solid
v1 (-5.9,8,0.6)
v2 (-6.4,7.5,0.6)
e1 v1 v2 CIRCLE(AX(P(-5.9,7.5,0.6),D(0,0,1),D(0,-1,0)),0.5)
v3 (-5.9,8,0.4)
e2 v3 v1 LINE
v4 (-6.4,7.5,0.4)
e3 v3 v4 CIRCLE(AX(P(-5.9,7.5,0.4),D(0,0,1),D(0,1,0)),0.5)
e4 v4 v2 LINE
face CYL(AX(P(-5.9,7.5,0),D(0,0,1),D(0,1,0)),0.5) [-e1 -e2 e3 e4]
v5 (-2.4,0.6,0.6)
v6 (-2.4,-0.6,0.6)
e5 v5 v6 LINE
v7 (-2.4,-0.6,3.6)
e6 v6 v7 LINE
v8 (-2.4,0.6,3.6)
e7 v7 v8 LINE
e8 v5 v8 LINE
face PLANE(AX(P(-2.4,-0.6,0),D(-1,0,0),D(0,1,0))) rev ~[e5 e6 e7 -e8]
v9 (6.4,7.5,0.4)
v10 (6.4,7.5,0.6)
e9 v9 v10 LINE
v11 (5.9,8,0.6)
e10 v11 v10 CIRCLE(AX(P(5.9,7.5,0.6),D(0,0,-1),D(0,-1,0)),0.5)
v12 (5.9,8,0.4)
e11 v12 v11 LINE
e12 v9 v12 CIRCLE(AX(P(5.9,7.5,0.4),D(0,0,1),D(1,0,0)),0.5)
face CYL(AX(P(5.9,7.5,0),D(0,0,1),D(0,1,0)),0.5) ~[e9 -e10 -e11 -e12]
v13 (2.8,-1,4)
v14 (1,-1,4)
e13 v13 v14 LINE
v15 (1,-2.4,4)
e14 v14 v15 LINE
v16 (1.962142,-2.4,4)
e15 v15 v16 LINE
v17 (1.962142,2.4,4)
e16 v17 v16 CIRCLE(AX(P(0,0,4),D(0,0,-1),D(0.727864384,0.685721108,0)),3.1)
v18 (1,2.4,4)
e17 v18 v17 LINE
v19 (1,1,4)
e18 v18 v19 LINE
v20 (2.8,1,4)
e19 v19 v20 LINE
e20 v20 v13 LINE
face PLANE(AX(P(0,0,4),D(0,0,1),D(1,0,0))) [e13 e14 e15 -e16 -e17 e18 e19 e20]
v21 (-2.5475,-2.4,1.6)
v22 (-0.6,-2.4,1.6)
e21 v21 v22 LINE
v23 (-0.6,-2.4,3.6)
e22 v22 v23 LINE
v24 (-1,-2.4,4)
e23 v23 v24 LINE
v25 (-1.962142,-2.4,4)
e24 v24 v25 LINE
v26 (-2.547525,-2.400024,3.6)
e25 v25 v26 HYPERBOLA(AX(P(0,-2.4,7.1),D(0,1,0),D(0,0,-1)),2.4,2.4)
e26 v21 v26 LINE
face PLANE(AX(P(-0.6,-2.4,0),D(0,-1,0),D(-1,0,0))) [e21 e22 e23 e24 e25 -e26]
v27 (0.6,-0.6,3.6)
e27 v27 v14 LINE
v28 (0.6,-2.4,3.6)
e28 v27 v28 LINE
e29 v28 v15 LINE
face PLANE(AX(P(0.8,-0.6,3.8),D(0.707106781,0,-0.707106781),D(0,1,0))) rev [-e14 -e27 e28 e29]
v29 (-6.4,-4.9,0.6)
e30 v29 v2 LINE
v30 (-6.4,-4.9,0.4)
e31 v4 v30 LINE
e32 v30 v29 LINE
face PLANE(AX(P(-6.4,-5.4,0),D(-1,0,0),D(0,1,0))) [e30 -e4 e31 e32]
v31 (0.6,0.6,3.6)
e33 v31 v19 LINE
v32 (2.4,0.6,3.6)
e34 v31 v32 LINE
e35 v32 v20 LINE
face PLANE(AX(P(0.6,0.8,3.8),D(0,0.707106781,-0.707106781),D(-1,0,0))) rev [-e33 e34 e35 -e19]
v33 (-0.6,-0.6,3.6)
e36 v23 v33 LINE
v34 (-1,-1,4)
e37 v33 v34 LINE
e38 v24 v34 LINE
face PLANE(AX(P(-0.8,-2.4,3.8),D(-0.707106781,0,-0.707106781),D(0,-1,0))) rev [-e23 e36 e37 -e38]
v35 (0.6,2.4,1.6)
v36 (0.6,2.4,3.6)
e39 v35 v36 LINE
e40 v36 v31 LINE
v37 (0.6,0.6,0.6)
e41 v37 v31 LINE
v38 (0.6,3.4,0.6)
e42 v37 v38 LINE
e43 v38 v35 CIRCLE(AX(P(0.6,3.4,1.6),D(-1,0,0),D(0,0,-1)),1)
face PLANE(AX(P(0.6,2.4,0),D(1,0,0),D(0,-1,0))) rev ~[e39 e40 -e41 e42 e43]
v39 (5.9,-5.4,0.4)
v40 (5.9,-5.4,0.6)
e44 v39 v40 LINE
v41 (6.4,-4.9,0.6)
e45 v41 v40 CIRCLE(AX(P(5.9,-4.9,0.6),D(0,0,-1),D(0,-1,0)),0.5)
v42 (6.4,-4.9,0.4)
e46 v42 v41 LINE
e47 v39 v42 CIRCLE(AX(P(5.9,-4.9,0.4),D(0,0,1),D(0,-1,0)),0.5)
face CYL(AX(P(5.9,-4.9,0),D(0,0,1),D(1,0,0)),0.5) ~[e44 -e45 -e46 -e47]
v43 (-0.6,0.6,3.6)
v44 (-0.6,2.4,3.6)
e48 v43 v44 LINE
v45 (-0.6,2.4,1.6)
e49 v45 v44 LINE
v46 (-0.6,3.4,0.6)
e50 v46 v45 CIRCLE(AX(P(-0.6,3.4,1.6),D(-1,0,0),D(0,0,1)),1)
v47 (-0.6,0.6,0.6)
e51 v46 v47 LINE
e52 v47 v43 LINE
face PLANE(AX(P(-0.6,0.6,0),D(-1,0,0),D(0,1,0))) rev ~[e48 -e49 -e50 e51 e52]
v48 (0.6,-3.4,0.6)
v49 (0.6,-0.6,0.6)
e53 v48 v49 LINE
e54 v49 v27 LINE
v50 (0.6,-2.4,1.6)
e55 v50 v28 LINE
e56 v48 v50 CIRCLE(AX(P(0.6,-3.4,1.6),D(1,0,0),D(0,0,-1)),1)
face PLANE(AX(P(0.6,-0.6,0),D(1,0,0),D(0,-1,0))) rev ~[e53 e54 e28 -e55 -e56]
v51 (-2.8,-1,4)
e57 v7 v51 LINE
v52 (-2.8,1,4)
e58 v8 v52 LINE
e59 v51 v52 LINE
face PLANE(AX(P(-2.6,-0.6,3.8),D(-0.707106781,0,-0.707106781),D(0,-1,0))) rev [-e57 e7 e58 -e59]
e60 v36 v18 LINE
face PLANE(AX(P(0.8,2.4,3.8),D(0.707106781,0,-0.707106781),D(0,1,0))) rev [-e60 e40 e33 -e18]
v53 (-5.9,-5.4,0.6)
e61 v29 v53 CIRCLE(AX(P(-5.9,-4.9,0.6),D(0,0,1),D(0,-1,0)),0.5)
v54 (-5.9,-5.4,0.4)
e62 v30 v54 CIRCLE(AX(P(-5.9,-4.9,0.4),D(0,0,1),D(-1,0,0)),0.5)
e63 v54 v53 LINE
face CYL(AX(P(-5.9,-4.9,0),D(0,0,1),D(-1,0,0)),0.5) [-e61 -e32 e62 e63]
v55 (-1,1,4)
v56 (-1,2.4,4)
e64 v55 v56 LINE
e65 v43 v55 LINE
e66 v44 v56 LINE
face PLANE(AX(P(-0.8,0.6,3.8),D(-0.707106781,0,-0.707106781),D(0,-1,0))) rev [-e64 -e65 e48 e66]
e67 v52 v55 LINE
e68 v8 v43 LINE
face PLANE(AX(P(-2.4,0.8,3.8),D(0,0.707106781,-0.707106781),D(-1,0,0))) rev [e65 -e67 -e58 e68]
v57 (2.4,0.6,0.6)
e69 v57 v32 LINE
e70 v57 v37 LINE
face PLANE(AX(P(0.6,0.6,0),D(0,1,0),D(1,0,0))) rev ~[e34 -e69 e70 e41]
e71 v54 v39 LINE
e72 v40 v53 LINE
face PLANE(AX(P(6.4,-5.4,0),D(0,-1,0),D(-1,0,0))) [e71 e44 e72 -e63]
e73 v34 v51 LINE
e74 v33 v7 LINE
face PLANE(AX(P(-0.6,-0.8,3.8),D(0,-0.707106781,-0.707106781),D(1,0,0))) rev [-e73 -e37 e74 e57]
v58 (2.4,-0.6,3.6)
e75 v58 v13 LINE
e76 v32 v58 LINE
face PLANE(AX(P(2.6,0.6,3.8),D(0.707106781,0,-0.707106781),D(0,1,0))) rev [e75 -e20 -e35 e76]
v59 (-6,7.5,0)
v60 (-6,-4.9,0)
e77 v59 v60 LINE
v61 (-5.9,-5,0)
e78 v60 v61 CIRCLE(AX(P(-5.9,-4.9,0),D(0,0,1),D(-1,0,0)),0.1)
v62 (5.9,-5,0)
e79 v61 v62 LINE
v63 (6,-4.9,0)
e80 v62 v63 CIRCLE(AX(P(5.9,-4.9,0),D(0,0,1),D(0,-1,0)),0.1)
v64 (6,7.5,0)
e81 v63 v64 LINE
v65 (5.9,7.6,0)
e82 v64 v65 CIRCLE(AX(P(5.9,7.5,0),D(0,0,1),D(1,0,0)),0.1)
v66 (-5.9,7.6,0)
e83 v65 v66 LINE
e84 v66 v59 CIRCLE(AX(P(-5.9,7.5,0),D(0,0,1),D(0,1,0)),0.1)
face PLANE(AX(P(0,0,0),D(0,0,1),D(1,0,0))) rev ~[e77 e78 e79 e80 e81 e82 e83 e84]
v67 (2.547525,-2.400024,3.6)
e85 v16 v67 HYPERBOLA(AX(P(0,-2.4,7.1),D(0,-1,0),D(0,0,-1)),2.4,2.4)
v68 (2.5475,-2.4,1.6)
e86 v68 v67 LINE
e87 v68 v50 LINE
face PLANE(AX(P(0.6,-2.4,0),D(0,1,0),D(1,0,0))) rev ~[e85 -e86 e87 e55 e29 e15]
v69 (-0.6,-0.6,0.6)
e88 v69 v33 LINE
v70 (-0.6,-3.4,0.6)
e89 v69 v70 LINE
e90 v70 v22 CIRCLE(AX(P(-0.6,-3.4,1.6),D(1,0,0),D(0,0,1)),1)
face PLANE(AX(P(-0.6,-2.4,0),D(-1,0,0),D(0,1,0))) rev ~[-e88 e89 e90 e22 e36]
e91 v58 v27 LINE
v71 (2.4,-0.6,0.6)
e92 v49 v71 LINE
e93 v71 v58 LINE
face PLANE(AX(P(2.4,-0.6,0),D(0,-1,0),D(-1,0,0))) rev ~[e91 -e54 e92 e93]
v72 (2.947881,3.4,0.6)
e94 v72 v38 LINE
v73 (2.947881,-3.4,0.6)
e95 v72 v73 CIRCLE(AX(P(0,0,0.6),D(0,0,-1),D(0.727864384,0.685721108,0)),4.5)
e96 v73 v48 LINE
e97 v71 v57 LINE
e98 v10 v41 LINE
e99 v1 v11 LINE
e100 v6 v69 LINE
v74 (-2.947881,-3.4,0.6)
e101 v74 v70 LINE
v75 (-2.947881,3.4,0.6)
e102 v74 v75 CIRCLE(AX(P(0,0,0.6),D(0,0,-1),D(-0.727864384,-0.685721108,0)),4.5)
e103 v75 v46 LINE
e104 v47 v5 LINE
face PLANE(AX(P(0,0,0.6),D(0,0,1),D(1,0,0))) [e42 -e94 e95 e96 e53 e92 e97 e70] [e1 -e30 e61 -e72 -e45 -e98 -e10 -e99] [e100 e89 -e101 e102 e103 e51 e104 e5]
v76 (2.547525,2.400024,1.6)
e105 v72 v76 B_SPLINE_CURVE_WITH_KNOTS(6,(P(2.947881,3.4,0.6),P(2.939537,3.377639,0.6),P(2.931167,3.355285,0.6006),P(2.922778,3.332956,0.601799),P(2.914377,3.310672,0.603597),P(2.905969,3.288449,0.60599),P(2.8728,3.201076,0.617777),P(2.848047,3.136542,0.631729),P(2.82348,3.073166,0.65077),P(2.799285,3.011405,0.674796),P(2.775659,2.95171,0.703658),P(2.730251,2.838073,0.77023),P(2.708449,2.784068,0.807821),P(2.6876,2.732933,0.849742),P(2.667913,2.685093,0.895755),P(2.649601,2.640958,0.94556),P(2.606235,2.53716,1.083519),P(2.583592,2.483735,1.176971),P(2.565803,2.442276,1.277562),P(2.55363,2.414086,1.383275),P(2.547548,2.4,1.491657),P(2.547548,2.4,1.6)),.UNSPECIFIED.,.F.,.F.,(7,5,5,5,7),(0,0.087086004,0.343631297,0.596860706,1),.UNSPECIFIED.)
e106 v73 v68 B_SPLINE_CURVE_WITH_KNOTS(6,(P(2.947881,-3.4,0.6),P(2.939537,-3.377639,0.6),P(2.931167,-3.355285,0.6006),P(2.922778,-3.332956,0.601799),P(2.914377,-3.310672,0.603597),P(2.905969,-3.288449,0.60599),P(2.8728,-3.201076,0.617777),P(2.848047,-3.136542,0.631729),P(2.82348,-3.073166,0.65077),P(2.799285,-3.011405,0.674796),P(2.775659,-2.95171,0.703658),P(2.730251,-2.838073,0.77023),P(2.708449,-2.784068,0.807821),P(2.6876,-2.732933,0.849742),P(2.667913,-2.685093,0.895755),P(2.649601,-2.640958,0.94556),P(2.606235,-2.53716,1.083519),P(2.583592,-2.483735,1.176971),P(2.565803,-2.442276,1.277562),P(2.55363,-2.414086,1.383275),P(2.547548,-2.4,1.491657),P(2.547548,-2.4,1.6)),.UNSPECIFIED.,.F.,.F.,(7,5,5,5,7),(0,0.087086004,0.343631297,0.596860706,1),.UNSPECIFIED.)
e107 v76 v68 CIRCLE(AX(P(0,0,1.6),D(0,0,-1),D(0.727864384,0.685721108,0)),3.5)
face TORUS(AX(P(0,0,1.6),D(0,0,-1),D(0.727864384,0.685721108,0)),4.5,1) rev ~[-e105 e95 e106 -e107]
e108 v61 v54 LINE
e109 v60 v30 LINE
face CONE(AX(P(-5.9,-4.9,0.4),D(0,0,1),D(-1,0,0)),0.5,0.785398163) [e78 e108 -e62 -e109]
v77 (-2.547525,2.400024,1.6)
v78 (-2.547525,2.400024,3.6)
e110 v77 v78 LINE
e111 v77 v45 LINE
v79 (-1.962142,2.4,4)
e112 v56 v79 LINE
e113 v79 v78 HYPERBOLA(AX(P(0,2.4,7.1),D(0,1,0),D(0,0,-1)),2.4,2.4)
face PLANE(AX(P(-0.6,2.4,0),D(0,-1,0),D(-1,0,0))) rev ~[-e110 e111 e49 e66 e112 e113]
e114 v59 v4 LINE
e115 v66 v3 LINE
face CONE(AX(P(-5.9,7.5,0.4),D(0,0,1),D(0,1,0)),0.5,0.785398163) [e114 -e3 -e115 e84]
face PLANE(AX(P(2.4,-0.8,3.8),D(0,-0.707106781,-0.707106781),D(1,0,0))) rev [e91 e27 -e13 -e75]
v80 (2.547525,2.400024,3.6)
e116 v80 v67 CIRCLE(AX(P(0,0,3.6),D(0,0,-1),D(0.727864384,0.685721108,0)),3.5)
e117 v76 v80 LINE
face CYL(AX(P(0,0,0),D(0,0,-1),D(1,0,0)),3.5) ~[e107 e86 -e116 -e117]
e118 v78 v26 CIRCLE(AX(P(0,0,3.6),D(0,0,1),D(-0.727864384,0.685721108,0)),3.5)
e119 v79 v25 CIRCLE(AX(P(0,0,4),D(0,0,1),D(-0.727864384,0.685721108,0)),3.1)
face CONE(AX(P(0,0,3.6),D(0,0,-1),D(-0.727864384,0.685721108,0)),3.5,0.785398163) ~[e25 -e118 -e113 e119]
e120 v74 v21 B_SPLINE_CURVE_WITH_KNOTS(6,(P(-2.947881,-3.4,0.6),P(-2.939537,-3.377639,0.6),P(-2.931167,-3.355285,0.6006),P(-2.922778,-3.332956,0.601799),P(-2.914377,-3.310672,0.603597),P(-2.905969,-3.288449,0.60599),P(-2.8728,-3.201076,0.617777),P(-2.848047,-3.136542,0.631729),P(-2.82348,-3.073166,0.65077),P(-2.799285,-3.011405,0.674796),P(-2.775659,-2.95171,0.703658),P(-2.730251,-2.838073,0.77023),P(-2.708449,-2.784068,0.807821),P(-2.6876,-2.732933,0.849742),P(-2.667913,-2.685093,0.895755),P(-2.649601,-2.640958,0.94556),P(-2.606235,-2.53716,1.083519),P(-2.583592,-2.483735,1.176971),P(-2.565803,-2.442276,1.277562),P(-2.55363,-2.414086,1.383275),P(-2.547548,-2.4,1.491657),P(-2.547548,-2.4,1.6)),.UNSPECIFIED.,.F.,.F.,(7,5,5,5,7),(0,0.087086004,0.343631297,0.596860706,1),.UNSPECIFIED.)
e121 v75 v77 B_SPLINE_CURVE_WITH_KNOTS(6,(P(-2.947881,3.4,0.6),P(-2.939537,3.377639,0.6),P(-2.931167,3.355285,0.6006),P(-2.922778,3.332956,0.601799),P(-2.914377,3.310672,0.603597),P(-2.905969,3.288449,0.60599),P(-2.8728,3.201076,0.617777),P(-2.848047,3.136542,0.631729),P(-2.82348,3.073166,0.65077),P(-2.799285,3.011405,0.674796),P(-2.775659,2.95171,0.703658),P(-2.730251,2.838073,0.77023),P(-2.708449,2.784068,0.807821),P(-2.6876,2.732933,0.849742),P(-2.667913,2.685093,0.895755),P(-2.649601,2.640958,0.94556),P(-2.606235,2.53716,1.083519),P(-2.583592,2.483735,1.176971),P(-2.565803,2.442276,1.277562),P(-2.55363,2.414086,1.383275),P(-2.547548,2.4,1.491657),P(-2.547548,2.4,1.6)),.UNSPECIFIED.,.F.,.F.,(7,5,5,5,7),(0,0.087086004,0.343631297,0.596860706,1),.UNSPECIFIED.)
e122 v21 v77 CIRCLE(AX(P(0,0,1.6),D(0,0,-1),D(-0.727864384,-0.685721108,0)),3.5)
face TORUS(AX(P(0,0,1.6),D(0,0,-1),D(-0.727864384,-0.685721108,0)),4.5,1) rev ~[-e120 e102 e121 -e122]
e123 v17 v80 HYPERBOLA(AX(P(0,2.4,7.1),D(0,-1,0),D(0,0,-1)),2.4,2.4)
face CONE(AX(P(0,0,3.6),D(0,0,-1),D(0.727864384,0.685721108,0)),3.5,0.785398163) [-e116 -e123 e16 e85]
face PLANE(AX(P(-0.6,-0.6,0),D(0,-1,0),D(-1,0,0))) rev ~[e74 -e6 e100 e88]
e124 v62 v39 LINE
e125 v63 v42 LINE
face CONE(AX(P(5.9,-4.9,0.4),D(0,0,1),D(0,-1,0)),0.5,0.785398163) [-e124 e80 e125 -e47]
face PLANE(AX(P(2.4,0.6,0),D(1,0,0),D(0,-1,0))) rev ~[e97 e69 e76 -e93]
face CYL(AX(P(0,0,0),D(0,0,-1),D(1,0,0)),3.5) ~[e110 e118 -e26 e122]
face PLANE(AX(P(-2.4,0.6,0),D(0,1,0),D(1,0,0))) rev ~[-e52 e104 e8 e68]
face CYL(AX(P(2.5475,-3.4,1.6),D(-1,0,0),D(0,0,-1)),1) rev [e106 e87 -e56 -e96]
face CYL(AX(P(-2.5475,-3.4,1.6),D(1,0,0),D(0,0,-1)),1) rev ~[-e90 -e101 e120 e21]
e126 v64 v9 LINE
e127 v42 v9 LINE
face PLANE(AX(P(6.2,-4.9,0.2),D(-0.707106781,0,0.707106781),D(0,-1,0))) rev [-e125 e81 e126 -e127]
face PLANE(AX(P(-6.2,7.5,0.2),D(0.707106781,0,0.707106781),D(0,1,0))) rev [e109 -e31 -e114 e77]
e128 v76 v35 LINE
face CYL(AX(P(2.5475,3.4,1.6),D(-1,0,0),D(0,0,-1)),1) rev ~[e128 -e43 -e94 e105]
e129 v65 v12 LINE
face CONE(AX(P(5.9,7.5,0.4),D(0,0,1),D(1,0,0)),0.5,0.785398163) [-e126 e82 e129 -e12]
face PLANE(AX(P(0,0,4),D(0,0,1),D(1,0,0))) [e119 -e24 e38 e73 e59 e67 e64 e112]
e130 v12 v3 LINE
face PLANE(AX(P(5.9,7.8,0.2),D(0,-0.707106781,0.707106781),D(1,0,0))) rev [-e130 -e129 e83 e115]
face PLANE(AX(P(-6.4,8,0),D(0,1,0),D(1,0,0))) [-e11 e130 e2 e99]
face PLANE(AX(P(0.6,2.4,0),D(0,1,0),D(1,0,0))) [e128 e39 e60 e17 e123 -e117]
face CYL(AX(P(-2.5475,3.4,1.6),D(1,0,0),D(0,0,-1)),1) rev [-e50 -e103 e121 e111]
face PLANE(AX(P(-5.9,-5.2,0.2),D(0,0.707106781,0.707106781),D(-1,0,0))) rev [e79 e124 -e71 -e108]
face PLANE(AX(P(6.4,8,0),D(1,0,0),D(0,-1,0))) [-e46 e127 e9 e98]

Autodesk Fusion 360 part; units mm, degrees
sketch "Sketch1" plane through (0, 0, 0) normal (0, 0, 1) x (1, 0, 0)
  line L0 (9, 9) -> (-9, 9) construction
  line L1 (-9, 9) -> (-9, -9) construction
  line L2 (-9, -9) -> (9, -9) construction
  line L3 (9, -9) -> (9, 9) construction
  line L4 (9, 9) -> (-9, -9) construction
  line L5 (-9, 9) -> (9, -9) construction
  line L6 (-6.4, 8) -> (6.4, 8)
  line L7 (6.4, 8) -> (6.4, -5.4)
  line L8 (6.4, -5.4) -> (-6.4, -5.4)
  line L9 (-6.4, -5.4) -> (-6.4, 8)
  circle A0 centre (0, 0) radius 3.5
  line L10 (2.4, -0.6) -> (-2.4, -0.6)
  line L11 (-2.4, -0.6) -> (-2.4, 0.6)
  line L12 (-2.4, 0.6) -> (2.4, 0.6)
  line L13 (2.4, 0.6) -> (2.4, -0.6)
  line L14 (2.4, -0.6) -> (-2.4, 0.6) construction
  line L15 (-2.4, -0.6) -> (2.4, 0.6) construction
  line L16 (0.6, -2.4) -> (-0.6, -2.4)
  line L17 (-0.6, -2.4) -> (-0.6, 2.4)
  line L18 (-0.6, 2.4) -> (0.6, 2.4)
  line L19 (0.6, 2.4) -> (0.6, -2.4)
  line L20 (0.6, -2.4) -> (-0.6, 2.4) construction
  line L21 (-0.6, -2.4) -> (0.6, 2.4) construction
  line L22 (-0.6, 2.4) -> (-2.5475, 2.4)
  line L23 (0.6, 2.4) -> (2.5475, 2.4)
  line L24 (-0.6, -2.4) -> (-2.5475, -2.4)
  line L25 (0.6, -2.4) -> (2.5475, -2.4)
  dimension "d1" = 18
  dimension "d2" = 18
  dimension "d3" = 3.6
  dimension "d4" = 1
  dimension "d5" = 2.6
  dimension "d6" = 2.6
  dimension "d7" = 7
  dimension "d8" = 4.8
  dimension "d9" = 1.2
  dimension "d10" = 1.2
  dimension "d11" = 4.8
extrude "Extrude1" add sketch "Sketch1" along normal blind 0.6 contours L6 L7 L8 L9 | A0 L10 L12 L13 L19 L23 L25 | A0 L18 L22 L23 | A0 L16 L24 L25 | A0 L10 L11 L12 L17 L22 L24 | L12 L17 L18 L19 | L10 L16 L17 L19 | L10 L12 L17 L19 | L10 L12 L13 L19 | L10 L11 L12 L17
extrude "Extrude2" add sketch "Sketch1" along normal blind 4 contours A0 L10 L12 L13 L19 L23 L25 | A0 L10 L11 L12 L17 L22 L24
fillet "Fillet1" radius 1 6 edges at (-1.5738, -2.4, 0.6) (-3.5, 0, 0.6) (1.5738, -2.4, 0.6) (3.5, 0, 0.6) (1.5738, 2.4, 0.6) (-1.5738, 2.4, 0.6)
fillet "Fillet1" radius 0.5 4 edges at (6.4, 8, 0.3) (-6.4, 8, 0.3) (6.4, -5.4, 0.3) (-6.4, -5.4, 0.3)
chamfer "Chamfer1" distance 0.4 angle 45 20 edges at (-6.2536, 7.8536, 0) (0, 8, 0) (6.2536, 7.8536, 0) (6.4, 1.3, 0) (6.2536, -5.2536, 0) (0, -5.4, 0) (-6.2536, -5.2536, 0) (-6.4, 1.3, 0) (-0.6, 1.5, 4) (-1.5, 0.6, 4) (-2.4, 0, 4) (-1.5, -0.6, 4) (-0.6, -1.5, 4) (0.6, -1.5, 4) (1.5, -0.6, 4) (2.4, 0, 4) (1.5, 0.6, 4) (0.6, 1.5, 4) (3.5, 0, 4) (-3.5, 0, 4)
